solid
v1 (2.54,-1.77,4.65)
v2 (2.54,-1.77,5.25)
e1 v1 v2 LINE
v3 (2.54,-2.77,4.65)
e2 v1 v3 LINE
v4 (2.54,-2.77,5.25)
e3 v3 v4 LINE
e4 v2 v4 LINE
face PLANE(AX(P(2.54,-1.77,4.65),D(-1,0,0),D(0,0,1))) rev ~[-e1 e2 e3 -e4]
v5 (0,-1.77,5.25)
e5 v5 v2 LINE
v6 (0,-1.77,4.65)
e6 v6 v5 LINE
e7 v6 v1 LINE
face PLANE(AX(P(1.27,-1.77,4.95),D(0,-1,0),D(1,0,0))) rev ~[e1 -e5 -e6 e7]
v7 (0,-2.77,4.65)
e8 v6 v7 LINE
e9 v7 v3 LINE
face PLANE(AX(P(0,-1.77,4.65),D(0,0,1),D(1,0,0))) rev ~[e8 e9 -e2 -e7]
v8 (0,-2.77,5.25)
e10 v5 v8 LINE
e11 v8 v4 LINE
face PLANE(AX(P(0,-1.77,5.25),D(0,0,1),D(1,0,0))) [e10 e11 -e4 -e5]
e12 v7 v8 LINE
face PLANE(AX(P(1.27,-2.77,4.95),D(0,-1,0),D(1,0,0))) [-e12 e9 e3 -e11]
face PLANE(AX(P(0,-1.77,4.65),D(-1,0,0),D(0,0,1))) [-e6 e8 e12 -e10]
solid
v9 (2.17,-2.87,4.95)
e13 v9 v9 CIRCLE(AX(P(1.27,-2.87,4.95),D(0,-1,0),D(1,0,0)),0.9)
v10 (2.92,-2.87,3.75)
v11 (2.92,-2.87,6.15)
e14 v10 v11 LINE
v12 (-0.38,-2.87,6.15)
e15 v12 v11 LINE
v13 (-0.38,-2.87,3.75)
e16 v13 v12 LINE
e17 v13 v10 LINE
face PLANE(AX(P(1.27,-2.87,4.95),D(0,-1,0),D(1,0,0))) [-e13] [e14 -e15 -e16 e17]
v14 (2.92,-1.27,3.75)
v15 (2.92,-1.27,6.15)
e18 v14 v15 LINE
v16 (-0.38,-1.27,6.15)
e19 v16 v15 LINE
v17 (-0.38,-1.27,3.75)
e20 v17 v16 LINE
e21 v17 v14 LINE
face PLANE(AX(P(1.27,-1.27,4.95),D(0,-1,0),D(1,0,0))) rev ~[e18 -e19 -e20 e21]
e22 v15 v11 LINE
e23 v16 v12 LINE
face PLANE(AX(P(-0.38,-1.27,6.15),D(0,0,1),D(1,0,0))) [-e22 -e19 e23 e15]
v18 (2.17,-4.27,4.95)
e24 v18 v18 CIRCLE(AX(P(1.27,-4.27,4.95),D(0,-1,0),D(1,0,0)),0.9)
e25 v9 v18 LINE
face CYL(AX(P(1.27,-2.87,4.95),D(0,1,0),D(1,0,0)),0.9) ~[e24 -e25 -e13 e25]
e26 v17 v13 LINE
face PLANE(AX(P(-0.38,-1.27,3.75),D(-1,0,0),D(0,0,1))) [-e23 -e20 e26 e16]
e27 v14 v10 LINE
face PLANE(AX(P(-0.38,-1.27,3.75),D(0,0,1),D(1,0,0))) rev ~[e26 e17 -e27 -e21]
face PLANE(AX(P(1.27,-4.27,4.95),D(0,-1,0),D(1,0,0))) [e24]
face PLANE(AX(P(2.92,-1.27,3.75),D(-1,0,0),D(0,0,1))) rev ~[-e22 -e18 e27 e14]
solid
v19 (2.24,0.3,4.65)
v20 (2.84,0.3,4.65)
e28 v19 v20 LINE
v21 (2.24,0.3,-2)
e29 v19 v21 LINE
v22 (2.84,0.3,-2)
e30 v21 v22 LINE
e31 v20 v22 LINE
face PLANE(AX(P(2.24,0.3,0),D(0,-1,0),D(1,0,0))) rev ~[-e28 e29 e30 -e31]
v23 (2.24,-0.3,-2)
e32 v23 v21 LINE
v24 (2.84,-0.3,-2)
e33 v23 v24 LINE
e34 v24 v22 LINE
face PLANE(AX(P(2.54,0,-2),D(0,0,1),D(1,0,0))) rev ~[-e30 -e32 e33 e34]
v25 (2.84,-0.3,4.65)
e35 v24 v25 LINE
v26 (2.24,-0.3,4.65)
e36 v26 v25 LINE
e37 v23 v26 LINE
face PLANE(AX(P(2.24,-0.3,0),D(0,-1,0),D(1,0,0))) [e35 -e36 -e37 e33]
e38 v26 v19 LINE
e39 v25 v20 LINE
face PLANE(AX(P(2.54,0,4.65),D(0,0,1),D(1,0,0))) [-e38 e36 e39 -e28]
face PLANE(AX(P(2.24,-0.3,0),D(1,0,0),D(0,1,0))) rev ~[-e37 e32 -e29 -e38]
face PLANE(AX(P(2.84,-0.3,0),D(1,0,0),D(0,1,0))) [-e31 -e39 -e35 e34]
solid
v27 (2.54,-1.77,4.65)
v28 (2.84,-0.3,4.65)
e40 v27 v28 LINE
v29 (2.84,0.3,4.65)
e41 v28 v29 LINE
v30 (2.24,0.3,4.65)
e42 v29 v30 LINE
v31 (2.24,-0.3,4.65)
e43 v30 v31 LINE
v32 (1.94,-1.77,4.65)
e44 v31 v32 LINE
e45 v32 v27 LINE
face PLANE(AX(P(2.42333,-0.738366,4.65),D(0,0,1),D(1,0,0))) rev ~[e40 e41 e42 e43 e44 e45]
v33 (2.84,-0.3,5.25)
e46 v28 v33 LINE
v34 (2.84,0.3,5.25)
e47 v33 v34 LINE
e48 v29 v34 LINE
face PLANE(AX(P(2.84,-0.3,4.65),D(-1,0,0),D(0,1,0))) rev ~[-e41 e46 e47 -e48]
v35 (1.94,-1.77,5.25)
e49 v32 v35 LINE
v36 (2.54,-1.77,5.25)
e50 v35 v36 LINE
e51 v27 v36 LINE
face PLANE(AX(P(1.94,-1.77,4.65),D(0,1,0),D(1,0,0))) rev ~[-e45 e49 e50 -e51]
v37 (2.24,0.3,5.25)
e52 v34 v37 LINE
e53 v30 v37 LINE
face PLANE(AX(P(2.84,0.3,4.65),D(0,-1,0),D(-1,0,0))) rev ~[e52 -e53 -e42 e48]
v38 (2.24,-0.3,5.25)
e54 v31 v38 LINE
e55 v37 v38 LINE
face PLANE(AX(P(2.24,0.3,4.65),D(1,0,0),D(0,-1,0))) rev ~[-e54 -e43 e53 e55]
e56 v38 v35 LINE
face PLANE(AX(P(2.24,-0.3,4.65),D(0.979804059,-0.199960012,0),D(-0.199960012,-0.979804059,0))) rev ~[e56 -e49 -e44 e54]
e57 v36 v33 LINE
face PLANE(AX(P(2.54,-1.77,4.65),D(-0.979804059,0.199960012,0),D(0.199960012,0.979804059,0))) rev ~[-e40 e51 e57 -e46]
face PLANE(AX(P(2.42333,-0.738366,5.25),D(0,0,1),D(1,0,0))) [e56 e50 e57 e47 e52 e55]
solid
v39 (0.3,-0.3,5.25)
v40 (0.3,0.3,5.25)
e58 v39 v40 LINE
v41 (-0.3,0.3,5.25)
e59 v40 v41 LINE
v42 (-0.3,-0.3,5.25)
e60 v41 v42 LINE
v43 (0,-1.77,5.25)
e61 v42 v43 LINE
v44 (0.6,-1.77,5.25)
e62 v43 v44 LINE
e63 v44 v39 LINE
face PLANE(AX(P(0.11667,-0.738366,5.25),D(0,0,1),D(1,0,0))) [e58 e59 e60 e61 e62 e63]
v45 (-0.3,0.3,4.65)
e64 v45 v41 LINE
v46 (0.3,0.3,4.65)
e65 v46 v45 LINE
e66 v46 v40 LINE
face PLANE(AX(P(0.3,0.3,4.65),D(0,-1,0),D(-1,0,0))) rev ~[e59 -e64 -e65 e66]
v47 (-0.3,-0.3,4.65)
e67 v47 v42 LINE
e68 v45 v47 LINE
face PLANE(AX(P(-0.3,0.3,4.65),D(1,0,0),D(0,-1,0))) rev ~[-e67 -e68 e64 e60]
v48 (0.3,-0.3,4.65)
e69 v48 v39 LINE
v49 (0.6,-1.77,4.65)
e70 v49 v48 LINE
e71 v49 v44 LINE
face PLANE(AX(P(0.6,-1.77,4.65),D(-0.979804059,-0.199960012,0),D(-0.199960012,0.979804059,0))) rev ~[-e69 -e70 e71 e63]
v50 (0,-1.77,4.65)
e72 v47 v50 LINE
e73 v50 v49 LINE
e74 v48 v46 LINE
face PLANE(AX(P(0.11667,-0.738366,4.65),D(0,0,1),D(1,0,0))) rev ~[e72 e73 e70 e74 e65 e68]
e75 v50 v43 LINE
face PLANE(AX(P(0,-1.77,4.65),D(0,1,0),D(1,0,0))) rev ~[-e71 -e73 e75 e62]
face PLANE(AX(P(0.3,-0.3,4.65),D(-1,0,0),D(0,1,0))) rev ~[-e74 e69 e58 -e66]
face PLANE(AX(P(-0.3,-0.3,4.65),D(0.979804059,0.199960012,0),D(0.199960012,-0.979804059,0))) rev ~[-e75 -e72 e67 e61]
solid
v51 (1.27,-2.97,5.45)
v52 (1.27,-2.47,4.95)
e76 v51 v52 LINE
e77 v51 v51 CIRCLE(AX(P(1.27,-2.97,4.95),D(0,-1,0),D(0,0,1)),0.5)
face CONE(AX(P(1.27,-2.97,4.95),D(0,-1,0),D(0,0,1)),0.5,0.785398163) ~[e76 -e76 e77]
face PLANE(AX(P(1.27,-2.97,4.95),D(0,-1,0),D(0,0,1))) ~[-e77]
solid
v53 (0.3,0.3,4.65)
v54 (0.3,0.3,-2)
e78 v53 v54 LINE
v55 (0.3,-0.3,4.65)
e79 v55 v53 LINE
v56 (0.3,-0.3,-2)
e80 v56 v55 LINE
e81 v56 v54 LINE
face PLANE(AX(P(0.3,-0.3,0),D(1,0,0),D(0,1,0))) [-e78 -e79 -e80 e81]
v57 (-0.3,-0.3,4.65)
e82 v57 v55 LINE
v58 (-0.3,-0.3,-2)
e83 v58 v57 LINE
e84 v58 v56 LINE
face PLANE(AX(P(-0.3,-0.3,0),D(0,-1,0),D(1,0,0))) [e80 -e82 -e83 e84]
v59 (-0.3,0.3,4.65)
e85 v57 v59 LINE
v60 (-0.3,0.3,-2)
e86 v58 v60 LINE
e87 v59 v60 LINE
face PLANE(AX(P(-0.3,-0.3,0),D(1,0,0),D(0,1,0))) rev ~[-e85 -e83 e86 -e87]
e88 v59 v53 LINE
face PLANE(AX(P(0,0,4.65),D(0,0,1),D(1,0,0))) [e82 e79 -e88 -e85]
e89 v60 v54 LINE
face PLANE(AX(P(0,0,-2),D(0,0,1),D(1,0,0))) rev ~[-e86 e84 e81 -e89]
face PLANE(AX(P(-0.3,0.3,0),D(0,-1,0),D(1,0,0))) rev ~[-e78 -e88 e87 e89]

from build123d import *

# Parameters (mm, degrees)
SKETCH_W       = 0.6
SKETCH_H       = 0.6
PAD_DEPTH      = 4.65
PAD_DEPTH_BACK = 2
PAD001_DEPTH   = 0.6
SKETCH002_W    = 2.54
SKETCH002_H    = 0.6
PAD002_DEPTH   = 1
SKETCH004_W    = 3.3
SKETCH004_H    = 2.4
PAD003_DEPTH   = 1.6
SKETCH006_R    = 0.9
PAD004_DEPTH   = 1.4


with BuildPart() as pad:
    # Sketch → Pad (new body, two sides)
    with BuildSketch(Plane.XY) as pad_sk:
        Rectangle(SKETCH_W, SKETCH_H)
        with Locations((2.54, 0)):
            Rectangle(SKETCH_W, SKETCH_H)
    extrude(amount=PAD_DEPTH)
    extrude(pad_sk.sketch, amount=-PAD_DEPTH_BACK)


with BuildPart() as pad001:
    # Sketch001 → Pad001 (new body)
    with BuildSketch(Plane.XY.offset(4.65)):
        Polygon((0.3, 0.3), (-0.3, 0.3), (-0.3, -0.3), (0, -1.77), (0.6, -1.77), (0.3, -0.3), align=None)
        Polygon((2.84, 0.3), (2.24, 0.3), (2.24, -0.3), (1.94, -1.77), (2.54, -1.77), (2.84, -0.3), align=None)
    extrude(amount=PAD001_DEPTH)


with BuildPart() as pad002:
    # Sketch002 → Pad002 (new body)
    with BuildSketch(Plane.XZ.offset(1.77)):
        with Locations((1.27, 4.95)):
            Rectangle(SKETCH002_W, SKETCH002_H)
    extrude(amount=PAD002_DEPTH)


with BuildPart() as revolution001:
    # Sketch005 → Revolution001 (revolve)
    with BuildSketch(Plane.YZ.offset(1.27)):
        Polygon((-2.47, 4.95), (-2.97, 4.95), (-2.97, 5.45), align=None)
    revolve(axis=Axis((1.27, -3.977201, 4.95), (0, -1, 0)))


with BuildPart() as pad004:
    # Sketch004 → Pad003 (new body)
    with BuildSketch(Plane.XZ.offset(1.27)):
        with Locations((1.27, 4.95)):
            Rectangle(SKETCH004_W, SKETCH004_H)
    extrude(amount=PAD003_DEPTH)

    # Sketch006 → Pad004 (new body)
    with BuildSketch(Plane.XZ.offset(2.87)):
        with Locations((1.27, 4.95)):
            Circle(SKETCH006_R)
    extrude(amount=PAD004_DEPTH)


solid = Compound([pad.part, pad001.part, pad002.part, revolution001.part, pad004.part])
